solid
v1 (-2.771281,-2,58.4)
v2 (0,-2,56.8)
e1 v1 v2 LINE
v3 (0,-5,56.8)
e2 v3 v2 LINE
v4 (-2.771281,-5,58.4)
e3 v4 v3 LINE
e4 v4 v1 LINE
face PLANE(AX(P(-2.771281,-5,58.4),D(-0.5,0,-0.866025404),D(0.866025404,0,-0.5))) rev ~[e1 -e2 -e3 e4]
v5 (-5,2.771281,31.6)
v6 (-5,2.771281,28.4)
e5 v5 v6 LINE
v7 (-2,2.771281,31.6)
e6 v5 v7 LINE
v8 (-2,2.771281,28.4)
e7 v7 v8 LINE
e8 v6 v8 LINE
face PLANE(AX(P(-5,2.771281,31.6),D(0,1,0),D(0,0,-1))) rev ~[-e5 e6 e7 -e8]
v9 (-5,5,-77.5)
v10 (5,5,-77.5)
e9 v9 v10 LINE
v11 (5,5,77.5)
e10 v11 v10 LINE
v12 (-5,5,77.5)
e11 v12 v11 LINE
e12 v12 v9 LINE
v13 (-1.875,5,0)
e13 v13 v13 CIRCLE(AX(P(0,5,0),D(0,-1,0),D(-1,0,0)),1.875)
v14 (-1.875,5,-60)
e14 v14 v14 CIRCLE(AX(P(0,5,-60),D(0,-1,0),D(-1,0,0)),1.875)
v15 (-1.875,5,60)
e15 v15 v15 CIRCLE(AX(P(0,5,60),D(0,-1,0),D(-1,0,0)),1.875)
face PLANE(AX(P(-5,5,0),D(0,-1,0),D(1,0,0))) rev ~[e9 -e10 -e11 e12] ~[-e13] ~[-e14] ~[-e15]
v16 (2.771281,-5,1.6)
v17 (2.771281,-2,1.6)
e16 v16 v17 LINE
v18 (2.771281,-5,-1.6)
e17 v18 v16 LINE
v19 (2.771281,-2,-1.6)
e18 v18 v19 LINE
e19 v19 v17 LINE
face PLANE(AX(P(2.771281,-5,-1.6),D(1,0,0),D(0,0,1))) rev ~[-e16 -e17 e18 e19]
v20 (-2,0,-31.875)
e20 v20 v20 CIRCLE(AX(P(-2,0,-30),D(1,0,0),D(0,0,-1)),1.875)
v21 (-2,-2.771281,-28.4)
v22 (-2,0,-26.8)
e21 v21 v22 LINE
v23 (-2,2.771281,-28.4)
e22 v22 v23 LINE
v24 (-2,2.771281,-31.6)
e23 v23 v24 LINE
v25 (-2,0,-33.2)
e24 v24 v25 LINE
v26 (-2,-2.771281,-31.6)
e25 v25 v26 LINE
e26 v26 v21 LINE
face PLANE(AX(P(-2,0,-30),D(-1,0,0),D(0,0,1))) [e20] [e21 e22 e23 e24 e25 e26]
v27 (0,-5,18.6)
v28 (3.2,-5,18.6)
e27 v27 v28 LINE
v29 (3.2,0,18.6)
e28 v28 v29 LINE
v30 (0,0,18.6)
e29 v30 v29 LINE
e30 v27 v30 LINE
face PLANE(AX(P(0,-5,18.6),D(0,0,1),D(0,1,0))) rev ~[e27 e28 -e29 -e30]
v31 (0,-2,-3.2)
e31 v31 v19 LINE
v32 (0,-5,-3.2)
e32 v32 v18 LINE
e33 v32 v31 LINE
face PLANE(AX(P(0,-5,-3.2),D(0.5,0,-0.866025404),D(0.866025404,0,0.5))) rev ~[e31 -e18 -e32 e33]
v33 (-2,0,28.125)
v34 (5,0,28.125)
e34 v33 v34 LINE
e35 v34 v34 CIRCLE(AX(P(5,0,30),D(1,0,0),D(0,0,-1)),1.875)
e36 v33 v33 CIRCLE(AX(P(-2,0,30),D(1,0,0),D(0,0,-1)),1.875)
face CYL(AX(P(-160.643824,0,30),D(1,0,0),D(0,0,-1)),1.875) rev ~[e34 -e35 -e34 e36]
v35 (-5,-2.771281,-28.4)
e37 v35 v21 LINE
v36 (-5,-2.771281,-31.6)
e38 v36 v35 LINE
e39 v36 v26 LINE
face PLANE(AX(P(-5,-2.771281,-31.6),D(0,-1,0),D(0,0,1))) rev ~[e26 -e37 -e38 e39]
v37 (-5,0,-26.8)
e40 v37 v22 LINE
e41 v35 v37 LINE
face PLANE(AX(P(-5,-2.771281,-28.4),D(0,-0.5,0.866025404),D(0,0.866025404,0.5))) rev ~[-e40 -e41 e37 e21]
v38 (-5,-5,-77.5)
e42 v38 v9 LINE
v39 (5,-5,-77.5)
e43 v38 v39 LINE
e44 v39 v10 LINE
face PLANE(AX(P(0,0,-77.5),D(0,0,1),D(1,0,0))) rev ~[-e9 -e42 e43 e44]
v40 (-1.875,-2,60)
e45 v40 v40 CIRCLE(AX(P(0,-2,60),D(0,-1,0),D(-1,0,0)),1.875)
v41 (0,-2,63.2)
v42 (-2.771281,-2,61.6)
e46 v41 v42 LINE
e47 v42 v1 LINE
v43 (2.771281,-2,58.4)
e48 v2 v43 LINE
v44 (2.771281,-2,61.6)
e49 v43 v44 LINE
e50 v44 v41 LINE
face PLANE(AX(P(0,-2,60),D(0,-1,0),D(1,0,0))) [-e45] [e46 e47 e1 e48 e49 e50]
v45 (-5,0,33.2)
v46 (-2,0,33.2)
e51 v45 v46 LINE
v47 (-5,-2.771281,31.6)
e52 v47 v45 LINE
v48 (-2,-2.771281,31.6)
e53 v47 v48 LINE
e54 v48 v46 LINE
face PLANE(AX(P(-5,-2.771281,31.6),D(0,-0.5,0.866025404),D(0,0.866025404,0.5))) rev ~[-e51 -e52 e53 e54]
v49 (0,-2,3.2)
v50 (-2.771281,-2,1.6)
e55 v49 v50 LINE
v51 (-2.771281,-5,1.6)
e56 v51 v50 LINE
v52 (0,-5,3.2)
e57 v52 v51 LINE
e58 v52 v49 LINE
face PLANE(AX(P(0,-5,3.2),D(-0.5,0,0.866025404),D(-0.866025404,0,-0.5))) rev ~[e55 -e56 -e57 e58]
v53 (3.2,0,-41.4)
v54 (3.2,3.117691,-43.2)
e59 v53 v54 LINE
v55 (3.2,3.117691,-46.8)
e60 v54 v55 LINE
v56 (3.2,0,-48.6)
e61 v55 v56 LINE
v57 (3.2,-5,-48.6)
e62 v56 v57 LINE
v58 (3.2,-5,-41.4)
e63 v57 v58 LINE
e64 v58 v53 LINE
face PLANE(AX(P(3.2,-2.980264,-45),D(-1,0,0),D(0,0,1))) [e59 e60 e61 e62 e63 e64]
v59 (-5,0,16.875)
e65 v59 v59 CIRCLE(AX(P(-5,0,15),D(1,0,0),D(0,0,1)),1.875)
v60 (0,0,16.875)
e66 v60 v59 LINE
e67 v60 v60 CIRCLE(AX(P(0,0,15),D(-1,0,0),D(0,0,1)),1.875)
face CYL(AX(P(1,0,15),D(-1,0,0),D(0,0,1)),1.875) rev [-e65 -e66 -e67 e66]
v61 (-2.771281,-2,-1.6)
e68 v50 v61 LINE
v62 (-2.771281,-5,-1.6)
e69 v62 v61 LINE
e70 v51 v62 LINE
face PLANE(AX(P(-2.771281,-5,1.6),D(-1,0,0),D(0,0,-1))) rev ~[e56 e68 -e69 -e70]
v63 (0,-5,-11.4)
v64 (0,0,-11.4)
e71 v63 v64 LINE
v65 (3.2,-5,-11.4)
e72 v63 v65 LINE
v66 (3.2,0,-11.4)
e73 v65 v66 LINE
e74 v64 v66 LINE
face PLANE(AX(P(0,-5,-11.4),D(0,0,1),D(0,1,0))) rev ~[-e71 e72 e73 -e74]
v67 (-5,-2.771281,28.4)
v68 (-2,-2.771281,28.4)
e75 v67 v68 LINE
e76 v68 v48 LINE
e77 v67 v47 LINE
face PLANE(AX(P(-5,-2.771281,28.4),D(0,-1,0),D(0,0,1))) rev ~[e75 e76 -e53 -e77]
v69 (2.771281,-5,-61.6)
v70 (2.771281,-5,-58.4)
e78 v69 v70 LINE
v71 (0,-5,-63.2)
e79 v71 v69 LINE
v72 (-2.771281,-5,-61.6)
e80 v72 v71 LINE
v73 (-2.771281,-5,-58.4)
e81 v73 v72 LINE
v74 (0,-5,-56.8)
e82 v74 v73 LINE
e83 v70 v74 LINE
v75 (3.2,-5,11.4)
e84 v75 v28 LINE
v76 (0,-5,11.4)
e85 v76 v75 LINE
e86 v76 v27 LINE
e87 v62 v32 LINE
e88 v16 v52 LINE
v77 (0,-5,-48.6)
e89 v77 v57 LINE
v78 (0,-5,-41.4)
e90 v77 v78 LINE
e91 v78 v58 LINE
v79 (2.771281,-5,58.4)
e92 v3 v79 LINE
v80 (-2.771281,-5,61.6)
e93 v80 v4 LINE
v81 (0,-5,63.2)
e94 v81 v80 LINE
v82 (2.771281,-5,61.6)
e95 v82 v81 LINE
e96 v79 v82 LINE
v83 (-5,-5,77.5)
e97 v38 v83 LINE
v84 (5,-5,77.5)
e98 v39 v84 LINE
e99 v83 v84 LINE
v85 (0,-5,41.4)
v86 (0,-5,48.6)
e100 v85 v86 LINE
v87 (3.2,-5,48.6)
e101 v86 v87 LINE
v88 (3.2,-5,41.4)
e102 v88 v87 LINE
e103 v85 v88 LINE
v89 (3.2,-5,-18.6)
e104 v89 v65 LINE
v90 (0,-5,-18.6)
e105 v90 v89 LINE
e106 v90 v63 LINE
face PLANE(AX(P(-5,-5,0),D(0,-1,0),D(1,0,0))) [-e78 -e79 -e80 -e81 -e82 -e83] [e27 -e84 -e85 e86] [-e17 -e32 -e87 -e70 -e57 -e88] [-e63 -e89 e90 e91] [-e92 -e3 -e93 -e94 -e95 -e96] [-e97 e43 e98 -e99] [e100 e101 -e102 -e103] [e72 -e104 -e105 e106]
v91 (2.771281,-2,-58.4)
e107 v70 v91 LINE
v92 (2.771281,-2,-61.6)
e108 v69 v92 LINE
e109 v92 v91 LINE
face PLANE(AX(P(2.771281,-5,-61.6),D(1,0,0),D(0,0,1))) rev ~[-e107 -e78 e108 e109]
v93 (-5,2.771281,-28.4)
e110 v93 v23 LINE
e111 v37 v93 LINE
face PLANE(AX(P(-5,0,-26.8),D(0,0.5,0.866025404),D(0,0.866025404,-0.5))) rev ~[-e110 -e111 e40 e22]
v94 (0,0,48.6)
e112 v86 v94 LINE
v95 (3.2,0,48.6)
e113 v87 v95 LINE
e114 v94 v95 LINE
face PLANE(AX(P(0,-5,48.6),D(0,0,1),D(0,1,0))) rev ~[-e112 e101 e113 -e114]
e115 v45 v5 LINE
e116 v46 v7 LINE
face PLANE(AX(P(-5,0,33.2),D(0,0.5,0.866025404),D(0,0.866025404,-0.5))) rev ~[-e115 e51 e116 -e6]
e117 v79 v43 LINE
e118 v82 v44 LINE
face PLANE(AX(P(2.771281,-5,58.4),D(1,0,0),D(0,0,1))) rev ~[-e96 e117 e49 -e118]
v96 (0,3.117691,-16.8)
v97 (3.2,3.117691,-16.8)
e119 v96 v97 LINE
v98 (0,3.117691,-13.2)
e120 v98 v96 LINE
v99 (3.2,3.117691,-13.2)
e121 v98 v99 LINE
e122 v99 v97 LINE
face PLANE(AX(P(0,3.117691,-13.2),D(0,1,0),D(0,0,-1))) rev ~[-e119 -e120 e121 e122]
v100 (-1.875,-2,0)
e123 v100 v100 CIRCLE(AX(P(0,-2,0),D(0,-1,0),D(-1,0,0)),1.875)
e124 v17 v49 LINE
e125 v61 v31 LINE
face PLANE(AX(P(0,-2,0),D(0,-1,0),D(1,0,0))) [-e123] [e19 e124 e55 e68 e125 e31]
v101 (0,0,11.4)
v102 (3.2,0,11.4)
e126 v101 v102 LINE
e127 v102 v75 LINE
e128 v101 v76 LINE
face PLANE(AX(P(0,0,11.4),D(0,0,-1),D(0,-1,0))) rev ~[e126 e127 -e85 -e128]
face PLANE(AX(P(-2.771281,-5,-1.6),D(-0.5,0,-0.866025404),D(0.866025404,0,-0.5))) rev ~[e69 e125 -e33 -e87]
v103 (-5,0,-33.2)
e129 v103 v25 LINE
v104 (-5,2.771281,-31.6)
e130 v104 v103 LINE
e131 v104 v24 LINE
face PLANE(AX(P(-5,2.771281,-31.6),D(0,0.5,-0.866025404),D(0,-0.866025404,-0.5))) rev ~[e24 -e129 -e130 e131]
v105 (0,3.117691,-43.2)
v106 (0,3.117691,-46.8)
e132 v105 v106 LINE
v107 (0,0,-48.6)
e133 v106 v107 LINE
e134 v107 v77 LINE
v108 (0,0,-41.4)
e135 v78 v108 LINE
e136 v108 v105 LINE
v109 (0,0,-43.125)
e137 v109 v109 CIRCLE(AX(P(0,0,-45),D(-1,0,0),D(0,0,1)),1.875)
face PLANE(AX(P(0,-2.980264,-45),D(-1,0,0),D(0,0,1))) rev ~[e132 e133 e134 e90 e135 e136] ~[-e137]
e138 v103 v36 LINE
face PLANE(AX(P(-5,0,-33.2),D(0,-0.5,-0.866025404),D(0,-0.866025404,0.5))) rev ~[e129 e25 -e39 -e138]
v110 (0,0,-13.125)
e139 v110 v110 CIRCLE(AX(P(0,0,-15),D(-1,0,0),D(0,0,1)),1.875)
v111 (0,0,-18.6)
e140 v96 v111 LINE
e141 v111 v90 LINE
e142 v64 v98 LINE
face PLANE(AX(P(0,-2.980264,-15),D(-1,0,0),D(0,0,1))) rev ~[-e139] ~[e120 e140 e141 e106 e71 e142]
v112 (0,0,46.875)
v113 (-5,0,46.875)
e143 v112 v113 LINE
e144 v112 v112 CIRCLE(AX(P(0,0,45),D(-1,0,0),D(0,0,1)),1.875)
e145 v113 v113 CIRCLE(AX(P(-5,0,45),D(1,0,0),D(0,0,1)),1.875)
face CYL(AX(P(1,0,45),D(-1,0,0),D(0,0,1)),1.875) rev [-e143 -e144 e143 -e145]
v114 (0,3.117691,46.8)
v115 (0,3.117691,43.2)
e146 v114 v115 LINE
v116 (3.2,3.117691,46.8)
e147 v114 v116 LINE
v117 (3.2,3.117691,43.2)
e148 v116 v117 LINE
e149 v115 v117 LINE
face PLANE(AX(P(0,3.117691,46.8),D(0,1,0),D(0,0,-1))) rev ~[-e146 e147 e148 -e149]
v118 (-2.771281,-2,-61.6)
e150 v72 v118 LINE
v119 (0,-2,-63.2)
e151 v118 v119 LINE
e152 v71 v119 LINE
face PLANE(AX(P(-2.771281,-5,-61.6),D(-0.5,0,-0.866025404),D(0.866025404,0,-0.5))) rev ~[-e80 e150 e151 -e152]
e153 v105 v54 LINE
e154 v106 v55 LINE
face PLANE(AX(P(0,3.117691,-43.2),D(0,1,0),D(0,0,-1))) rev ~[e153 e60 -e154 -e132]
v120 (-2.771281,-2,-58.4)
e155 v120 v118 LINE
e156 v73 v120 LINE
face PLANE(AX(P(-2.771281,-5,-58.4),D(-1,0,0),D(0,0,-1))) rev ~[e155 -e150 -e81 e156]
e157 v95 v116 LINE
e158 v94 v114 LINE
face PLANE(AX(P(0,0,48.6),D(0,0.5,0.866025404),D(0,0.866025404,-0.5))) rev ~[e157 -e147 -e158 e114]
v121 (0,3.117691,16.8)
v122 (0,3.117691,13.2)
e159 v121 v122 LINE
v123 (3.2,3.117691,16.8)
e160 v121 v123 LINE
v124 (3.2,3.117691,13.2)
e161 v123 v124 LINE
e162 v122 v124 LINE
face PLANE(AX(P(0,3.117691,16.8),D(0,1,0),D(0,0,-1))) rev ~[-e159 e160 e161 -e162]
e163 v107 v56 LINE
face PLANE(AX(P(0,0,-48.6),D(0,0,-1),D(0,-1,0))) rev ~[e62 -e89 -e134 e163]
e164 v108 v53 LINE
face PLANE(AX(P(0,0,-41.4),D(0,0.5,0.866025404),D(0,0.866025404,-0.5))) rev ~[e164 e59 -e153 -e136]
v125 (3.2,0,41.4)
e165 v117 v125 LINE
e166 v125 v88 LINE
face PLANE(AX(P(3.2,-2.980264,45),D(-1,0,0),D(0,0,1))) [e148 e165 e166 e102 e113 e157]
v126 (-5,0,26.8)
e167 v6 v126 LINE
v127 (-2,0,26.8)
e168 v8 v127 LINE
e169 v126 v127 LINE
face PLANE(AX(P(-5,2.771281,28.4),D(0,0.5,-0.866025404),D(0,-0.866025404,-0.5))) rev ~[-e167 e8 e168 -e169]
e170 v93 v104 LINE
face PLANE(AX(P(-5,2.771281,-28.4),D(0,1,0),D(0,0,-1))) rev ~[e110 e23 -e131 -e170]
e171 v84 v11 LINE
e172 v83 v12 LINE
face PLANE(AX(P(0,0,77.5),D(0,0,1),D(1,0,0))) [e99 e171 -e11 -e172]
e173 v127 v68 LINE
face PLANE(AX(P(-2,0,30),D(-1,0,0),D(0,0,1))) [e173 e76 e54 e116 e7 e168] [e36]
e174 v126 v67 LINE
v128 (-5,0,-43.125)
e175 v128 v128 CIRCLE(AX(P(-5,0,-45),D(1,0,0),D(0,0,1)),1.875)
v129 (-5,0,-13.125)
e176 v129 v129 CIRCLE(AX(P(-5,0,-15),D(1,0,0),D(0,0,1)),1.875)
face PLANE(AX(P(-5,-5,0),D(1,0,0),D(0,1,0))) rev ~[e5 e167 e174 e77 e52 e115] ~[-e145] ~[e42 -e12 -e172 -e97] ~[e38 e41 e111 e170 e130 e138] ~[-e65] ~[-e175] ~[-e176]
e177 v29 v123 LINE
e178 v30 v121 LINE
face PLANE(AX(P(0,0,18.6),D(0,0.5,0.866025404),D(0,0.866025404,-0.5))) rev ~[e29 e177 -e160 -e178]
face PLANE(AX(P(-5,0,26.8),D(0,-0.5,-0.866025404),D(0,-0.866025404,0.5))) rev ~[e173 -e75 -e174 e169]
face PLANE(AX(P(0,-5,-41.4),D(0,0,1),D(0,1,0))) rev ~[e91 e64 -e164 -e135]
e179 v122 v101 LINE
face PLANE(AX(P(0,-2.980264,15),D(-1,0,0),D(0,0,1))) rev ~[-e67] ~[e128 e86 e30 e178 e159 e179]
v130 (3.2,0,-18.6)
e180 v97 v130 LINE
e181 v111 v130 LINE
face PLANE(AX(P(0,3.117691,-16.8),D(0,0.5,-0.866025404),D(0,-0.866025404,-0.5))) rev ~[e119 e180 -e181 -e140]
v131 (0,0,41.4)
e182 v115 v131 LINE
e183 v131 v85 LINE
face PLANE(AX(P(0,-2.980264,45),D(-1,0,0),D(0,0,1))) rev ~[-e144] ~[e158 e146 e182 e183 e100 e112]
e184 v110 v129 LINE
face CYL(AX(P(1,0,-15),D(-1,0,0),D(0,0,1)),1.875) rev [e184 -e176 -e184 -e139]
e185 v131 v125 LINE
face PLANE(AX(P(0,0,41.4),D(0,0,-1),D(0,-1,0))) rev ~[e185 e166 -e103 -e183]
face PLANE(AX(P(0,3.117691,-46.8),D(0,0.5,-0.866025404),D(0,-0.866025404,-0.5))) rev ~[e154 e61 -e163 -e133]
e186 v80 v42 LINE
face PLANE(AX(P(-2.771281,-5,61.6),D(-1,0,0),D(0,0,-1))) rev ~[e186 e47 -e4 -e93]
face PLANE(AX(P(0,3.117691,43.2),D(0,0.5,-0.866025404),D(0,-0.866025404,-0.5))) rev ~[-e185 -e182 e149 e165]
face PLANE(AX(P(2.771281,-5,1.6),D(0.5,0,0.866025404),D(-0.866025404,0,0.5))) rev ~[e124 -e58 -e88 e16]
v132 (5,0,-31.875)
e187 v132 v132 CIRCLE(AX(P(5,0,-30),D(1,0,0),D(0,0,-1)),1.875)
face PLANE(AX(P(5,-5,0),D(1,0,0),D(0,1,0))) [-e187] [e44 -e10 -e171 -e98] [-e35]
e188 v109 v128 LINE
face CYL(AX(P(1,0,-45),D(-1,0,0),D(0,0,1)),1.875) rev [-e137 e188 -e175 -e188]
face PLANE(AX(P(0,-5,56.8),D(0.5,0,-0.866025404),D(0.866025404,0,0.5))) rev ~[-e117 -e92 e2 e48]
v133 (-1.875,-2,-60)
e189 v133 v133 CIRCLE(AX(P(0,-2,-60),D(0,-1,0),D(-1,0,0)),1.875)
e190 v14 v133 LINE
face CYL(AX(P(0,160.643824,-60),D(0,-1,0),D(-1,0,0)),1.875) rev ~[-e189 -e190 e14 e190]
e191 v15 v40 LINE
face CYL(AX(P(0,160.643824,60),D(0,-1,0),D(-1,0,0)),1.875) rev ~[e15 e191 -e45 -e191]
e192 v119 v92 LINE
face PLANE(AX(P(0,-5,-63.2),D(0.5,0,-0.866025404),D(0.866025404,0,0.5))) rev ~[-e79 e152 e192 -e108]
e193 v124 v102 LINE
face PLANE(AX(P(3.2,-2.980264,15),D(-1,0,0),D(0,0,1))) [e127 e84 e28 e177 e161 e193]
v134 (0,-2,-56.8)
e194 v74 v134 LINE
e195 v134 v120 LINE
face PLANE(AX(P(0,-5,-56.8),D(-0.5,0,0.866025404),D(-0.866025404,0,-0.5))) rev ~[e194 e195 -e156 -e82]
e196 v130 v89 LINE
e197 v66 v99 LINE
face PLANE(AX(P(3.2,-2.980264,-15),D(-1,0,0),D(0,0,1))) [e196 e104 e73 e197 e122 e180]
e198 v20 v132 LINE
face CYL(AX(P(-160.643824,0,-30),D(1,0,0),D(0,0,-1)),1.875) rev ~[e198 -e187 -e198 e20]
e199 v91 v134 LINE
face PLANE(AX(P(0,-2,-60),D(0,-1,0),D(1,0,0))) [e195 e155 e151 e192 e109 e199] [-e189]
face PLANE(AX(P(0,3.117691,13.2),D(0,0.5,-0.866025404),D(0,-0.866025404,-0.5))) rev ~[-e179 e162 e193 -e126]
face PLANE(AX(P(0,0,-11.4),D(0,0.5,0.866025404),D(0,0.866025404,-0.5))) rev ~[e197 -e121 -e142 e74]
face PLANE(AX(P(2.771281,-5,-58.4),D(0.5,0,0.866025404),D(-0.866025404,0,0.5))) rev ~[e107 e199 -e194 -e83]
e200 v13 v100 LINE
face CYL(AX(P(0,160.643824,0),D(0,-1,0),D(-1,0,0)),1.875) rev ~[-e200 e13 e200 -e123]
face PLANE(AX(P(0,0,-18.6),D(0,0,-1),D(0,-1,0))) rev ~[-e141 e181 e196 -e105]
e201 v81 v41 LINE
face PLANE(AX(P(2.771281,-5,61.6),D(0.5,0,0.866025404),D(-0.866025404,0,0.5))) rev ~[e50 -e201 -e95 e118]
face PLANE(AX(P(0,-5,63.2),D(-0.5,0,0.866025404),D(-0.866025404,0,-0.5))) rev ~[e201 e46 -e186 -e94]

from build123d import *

# Parameters (mm, degrees)
CROQUIS1_W                   = 10
CROQUIS1_H                   = 10
SALIENTE_EXTRUIR1_DEPTH      = 77.5
TALADRO_DE_MARGEN_PARA_M31_D = 3.75
CORTAR_EXTRUIR1_DEPTH        = 3
TALADRO_DE_MARGEN_PARA_M32_D = 3.75
CORTAR_EXTRUIR2_DEPTH        = 3
CORTAR_EXTRUIR3_DEPTH        = 3.2
MATRIZL1_COUNT               = 3
MATRIZL1_PITCH               = 30
MATRIZL1_COL_COUNT           = 2
MATRIZL1_COL_PITCH           = 30


with BuildPart() as part:
    # Croquis1 → Saliente-Extruir1 (new body, symmetric)
    with BuildSketch(Plane.XY):
        Rectangle(CROQUIS1_W, CROQUIS1_H)
    extrude(amount=SALIENTE_EXTRUIR1_DEPTH, both=True)

    # Taladro de margen para M31 (through all)
    with Locations(Plane(origin=(0, 5, 0), x_dir=(1, 0, 0), z_dir=(0, 1, 0))):
        with Locations((0, -60), (0, 0), (0, 60)):
            Hole(TALADRO_DE_MARGEN_PARA_M31_D / 2)

    # Croquis7 → Cortar-Extruir1 (cut)
    with BuildSketch(Plane.XZ.offset(5)):
        Polygon((2.771281292, -58.4), (0, -56.8), (-2.771281292, -58.4), (-2.771281292, -61.6), (0, -63.2), (2.771281292, -61.6), align=None)
        Polygon((2.771281292, -1.6), (2.771281292, 1.6), (0, 3.2), (-2.771281292, 1.6), (-2.771281292, -1.6), (0, -3.2), align=None)
        Polygon((2.771281292, 58.4), (2.771281292, 61.6), (0, 63.2), (-2.771281292, 61.6), (-2.771281292, 58.4), (0, 56.8), align=None)
    extrude(amount=-CORTAR_EXTRUIR1_DEPTH, mode=Mode.SUBTRACT)

    # Taladro de margen para M32 (through all)
    with Locations(Plane.ZY.offset(5)):
        with Locations((-30, 0), (30, 0)):
            Hole(TALADRO_DE_MARGEN_PARA_M32_D / 2)

    # Croquis10 → Cortar-Extruir2 (cut)
    with BuildSketch(Plane.ZY.offset(5)):
        Polygon((-28.4, -2.771281292), (-26.8, 0), (-28.4, 2.771281292), (-31.6, 2.771281292), (-33.2, 0), (-31.6, -2.771281292), align=None)
        Polygon((31.6, -2.771281292), (33.2, 0), (31.6, 2.771281292), (28.4, 2.771281292), (26.8, 0), (28.4, -2.771281292), align=None)
    extrude(amount=-CORTAR_EXTRUIR2_DEPTH, mode=Mode.SUBTRACT)

    # Croquis13 → Taladro de margen para M33 (revolve, cut)
    with BuildSketch(Plane(origin=(-5, 0, -15), x_dir=(0, 0, 1), z_dir=(0, 1, 0))):
        Polygon((0, 0), (0, 7.126613661), (1.875, 6), (1.875, 0), align=None)
    taladro_de_margen_para_m33 = revolve(axis=Axis((-11.35, 0, -15), (1, 0, 0)), mode=Mode.SUBTRACT)

    # Croquis15 → Cortar-Extruir3 (cut)
    with BuildSketch(Plane.ZY):
        Polygon((-18.6, -5), (-11.4, -5), (-11.4, 0), (-13.2, -3.117691454), (-16.8, -3.117691454), (-18.6, 0), align=None)
        Polygon((-16.8, -3.117691454), (-13.2, -3.117691454), (-11.4, 0), (-13.2, 3.117691454), (-16.8, 3.117691454), (-18.6, 0), align=None)
    cortar_extruir3 = extrude(amount=-CORTAR_EXTRUIR3_DEPTH, mode=Mode.SUBTRACT)

    # MatrizL1: Taladro de margen para M33, Cortar-Extruir3 ×3
    with Locations(*[(0, 0, i * MATRIZL1_PITCH) for i in range(1, MATRIZL1_COUNT)]):
        add(taladro_de_margen_para_m33, mode=Mode.SUBTRACT)
        add(cortar_extruir3, mode=Mode.SUBTRACT)

    # MatrizL1 col: Taladro de margen para M33, Cortar-Extruir3 ×2
    with Locations(*[(0, 0, -i * MATRIZL1_COL_PITCH) for i in range(1, MATRIZL1_COL_COUNT)]):
        add(taladro_de_margen_para_m33, mode=Mode.SUBTRACT)
        add(cortar_extruir3, mode=Mode.SUBTRACT)


solid = part.part
